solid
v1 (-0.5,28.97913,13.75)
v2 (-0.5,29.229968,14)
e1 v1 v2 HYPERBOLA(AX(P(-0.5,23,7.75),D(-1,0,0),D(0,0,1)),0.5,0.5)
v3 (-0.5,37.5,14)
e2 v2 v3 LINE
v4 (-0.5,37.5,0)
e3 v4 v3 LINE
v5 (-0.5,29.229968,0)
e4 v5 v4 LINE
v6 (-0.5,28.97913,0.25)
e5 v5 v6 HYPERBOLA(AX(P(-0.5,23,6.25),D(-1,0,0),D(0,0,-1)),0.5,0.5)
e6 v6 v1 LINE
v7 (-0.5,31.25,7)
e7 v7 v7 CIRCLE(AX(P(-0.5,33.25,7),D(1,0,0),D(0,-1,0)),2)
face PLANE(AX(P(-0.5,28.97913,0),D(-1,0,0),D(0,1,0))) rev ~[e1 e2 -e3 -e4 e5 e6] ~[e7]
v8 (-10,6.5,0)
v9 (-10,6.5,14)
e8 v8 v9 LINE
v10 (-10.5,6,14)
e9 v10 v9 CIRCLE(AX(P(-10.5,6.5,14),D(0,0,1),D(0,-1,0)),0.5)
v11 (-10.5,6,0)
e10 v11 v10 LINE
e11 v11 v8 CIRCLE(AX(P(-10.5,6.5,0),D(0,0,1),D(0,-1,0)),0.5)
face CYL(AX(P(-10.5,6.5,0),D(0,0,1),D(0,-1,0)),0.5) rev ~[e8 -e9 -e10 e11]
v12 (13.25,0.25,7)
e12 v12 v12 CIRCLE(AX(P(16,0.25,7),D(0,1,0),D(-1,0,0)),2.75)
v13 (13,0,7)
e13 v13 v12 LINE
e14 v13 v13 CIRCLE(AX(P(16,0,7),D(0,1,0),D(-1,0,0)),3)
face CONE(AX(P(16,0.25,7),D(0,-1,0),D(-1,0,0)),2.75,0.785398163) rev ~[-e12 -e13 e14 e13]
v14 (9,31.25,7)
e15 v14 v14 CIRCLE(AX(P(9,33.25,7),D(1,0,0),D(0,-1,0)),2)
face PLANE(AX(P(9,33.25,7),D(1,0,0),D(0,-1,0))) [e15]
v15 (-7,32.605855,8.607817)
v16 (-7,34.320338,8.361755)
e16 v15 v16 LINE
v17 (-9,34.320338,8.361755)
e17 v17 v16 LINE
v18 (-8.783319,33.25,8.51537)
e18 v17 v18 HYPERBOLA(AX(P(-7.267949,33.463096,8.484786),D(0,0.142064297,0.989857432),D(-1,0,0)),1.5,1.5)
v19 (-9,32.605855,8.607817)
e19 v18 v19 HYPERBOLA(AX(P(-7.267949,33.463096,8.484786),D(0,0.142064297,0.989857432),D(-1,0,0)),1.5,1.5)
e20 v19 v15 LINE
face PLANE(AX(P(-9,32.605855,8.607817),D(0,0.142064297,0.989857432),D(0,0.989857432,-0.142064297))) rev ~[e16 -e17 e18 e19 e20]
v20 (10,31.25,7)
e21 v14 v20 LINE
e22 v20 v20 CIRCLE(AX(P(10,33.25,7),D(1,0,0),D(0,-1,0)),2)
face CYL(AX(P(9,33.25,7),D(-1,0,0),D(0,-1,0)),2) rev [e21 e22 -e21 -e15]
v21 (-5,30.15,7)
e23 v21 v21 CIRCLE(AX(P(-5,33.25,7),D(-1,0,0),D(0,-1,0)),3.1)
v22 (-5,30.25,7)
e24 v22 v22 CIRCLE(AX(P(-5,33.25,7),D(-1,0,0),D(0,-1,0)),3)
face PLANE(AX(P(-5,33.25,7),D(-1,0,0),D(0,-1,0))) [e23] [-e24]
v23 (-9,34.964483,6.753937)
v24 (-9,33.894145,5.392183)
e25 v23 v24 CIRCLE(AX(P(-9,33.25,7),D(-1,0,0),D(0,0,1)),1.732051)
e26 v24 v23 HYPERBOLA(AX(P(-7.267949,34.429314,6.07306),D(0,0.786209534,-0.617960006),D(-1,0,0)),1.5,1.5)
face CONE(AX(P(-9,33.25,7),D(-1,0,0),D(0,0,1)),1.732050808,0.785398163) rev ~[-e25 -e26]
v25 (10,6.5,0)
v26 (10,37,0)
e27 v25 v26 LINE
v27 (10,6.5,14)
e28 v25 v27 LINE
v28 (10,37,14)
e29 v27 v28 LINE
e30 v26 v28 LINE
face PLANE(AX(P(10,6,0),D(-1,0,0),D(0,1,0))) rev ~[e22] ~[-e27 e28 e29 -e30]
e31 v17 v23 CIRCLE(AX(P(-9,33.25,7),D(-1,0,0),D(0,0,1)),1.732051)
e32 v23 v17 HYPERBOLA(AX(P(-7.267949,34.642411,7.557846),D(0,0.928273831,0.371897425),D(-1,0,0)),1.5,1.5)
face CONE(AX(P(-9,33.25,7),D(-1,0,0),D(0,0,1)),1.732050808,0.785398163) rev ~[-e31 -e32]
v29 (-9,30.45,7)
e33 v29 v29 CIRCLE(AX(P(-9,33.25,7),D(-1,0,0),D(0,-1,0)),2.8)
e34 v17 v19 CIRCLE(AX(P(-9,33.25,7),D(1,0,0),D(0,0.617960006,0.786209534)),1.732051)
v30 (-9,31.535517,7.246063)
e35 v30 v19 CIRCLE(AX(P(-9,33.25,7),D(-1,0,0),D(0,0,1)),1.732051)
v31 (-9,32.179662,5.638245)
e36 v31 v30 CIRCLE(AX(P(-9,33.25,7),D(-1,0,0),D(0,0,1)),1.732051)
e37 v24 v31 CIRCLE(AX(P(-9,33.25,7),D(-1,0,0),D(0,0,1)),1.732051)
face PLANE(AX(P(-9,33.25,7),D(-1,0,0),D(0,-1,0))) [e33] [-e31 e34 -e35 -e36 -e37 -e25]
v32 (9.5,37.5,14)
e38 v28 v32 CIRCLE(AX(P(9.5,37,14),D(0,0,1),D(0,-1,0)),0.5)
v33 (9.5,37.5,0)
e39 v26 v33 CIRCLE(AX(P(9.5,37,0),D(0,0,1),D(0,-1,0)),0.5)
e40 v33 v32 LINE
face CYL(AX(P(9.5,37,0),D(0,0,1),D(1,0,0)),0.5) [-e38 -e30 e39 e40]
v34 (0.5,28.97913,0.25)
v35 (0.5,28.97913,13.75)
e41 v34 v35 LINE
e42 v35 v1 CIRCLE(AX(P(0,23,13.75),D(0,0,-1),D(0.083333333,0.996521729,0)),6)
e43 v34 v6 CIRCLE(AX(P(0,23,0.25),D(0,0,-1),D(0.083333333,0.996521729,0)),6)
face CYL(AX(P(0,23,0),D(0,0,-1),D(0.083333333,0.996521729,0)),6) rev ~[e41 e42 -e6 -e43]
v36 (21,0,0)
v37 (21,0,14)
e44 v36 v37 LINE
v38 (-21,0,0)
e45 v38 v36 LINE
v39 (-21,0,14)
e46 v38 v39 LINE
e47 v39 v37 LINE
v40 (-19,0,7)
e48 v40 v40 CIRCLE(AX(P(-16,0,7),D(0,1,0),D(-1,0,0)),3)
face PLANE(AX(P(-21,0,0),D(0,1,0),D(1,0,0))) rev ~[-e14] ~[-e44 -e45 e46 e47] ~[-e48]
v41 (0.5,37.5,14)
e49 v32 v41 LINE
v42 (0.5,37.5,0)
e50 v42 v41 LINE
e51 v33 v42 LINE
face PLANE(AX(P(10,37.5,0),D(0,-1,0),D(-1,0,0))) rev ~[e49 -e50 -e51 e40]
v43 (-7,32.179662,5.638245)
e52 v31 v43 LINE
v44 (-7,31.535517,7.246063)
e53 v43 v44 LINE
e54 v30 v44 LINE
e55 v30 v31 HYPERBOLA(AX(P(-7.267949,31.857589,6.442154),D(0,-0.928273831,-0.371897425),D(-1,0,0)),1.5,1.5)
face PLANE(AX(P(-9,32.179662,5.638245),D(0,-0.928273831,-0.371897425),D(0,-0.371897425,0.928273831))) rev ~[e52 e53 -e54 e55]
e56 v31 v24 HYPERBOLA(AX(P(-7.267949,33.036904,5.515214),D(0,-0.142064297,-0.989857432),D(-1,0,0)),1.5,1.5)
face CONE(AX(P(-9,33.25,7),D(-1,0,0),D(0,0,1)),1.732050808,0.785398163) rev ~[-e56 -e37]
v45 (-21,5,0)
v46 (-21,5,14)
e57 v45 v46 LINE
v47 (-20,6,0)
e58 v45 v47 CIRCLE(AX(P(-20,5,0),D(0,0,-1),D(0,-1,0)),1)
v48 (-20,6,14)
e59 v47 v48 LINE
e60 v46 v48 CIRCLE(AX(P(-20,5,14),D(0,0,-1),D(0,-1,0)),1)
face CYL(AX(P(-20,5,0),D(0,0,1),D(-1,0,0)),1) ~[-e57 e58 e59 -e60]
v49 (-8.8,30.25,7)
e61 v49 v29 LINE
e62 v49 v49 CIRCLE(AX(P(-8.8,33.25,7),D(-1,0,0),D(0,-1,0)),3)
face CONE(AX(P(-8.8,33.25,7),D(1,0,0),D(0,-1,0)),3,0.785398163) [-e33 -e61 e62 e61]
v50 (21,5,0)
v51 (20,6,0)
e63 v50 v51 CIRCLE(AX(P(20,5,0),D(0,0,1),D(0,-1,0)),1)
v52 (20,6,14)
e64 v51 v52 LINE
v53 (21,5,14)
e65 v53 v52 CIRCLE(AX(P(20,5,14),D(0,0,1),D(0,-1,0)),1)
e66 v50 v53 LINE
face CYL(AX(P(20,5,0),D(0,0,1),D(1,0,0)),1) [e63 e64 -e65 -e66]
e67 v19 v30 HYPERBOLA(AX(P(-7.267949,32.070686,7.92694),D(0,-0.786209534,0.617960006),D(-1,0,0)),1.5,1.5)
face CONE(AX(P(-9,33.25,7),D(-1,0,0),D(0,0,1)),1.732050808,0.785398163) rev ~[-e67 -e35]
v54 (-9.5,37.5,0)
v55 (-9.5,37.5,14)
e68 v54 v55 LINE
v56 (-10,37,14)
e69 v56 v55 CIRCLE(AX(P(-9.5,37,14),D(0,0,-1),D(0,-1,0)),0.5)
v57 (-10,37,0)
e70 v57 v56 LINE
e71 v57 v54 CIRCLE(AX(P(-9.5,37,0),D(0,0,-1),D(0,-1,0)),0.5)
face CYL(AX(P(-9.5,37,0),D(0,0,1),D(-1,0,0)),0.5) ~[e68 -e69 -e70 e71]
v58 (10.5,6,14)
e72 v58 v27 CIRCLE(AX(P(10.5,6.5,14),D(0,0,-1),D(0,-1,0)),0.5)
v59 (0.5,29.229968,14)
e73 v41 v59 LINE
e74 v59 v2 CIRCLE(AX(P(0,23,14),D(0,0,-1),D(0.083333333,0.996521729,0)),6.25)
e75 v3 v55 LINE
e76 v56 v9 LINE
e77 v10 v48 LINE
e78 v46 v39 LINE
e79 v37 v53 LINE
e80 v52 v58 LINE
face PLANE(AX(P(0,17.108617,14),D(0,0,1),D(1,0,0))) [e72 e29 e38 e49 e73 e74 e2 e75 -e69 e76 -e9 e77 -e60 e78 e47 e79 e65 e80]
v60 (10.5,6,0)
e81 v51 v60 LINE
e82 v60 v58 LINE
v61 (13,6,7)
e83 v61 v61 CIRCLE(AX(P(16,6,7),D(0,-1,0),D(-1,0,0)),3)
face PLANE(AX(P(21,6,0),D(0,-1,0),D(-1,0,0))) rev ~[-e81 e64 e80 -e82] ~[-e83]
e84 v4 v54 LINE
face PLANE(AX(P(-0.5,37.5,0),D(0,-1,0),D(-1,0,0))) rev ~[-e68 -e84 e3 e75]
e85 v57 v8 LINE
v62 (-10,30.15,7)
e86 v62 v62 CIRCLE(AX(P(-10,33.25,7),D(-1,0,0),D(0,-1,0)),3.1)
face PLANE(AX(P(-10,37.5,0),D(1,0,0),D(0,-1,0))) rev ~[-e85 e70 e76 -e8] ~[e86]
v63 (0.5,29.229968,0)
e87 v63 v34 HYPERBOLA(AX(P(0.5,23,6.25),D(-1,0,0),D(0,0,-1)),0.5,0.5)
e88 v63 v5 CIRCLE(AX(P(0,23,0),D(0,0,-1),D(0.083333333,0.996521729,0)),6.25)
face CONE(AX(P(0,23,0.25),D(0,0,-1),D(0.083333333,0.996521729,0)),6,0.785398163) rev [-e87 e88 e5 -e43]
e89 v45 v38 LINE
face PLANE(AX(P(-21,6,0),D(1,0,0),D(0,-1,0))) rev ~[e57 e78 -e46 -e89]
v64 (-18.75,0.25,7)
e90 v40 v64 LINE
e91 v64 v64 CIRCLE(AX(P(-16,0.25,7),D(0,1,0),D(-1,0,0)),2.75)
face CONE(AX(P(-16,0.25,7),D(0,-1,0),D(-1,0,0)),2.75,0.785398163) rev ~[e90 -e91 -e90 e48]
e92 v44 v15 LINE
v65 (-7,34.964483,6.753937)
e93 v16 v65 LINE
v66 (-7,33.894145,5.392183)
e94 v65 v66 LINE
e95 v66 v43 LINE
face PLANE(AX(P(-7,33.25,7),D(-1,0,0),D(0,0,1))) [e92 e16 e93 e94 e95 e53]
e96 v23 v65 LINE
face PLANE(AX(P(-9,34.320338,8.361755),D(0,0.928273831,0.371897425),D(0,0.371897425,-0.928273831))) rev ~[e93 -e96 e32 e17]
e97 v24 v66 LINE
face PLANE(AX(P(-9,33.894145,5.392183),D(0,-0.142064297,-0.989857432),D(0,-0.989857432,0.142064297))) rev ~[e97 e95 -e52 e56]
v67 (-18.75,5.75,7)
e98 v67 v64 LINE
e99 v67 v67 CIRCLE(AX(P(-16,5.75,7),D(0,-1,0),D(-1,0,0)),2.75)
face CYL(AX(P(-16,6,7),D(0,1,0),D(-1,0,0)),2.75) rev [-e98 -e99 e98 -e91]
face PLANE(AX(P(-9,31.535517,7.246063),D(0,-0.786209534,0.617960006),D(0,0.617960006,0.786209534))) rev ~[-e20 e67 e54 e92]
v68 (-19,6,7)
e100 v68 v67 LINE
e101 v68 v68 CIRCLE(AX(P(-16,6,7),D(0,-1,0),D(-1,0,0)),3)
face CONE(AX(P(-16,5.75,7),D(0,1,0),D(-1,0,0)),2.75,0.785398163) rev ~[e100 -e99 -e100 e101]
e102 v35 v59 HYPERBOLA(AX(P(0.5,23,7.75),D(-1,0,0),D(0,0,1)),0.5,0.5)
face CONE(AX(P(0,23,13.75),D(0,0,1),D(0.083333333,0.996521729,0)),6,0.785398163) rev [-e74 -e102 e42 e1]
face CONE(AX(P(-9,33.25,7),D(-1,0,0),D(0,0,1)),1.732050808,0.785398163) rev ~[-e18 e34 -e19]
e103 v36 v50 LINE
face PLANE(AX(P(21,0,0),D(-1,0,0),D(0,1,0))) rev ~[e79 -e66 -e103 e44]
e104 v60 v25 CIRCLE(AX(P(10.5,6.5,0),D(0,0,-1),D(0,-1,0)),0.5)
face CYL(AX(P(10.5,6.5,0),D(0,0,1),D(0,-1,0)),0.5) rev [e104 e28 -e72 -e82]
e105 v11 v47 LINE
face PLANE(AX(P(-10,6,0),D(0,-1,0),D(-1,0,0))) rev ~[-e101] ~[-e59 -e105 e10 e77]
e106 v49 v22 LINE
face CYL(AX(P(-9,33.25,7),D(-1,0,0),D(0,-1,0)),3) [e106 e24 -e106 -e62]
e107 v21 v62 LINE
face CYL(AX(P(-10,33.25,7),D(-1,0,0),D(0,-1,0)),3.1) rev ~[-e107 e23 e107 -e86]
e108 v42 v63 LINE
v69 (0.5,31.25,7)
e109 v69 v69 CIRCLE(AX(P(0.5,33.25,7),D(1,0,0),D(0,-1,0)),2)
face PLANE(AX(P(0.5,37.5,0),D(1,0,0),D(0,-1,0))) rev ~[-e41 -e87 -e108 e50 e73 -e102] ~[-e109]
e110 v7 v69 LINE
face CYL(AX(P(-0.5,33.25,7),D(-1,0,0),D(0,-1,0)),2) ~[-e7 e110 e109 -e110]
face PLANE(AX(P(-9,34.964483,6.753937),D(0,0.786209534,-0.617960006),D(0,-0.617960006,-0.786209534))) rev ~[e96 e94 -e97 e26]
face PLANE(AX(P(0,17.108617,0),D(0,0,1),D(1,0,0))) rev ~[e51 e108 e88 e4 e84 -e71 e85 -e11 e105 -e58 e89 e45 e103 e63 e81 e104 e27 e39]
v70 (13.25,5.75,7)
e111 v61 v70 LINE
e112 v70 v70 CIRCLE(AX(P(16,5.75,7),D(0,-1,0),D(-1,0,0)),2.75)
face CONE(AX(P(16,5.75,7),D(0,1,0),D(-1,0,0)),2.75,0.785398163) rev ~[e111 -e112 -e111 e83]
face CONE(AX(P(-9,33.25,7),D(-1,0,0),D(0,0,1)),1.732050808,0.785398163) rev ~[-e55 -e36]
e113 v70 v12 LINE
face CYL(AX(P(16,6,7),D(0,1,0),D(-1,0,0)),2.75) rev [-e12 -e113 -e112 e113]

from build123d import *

# Parameters (mm, degrees)
BOSS_EXTRUDE1_DEPTH     = 14
CUT_EXTRUDE1_DEPTH      = 46.202322949
CUT_EXTRUDE1_DEPTH_BACK = 6
SKETCH3_R               = 2.75
FILLET1_R               = 1
FILLET2_R               = 0.5
CHAMFER1_SIZE           = 0.25
SKETCH4_R               = 3.1
CUT_EXTRUDE2_DEPTH      = 1
SKETCH5_R               = 3.1
SKETCH5_R_2             = 3
CUT_EXTRUDE3_DEPTH      = 4
CHAMFER2_SIZE           = 0.2
CUT_EXTRUDE4_DEPTH      = 2
SKETCH7_R               = 2
BOSS_EXTRUDE2_DEPTH     = 1
CUT_EXTRUDE5_START      = -1
SKETCH8_R               = 2
CUT_EXTRUDE5_DEPTH      = 1
SKETCH9_R               = 1.732050808
CUT_EXTRUDE6_DEPTH      = 1
CUT_EXTRUDE6_DRAFT      = -45


with BuildPart() as part:
    # Sketch1 → Boss-Extrude1 (new body)
    with BuildSketch(Plane.XY):
        with BuildLine():
            Line((-21, 0), (21, 0))
            Line((21, 0), (21, 6))
            Line((21, 6), (10, 6))
            Line((10, 6), (10, 37.5))
            Line((10, 37.5), (0.5, 37.5))
            Line((0.5, 37.5), (0.5, 28.979130372))
            ThreePointArc((0.5, 28.979130372), (0, 17), (-0.5, 28.979130372))
            Line((-0.5, 28.979130372), (-0.5, 37.5))
            Line((-0.5, 37.5), (-10, 37.5))
            Line((-10, 37.5), (-10, 6))
            Line((-10, 6), (-21, 6))
            Line((-21, 6), (-21, 0))
        make_face()
    extrude(amount=BOSS_EXTRUDE1_DEPTH)

    # Sketch3 → Cut-Extrude1 (cut, two sides: drawn at the far end of the back side and taken through both)
    with BuildSketch(Plane.XZ.offset(-CUT_EXTRUDE1_DEPTH_BACK)):
        with Locations(Location((-16, 7, 0), (0, 0, 180))):
            Circle(SKETCH3_R)
        with Locations(Location((16, 7, 0), (0, 0, 180))):
            Circle(SKETCH3_R)
    extrude(amount=CUT_EXTRUDE1_DEPTH + CUT_EXTRUDE1_DEPTH_BACK, mode=Mode.SUBTRACT)

    # Fillet1
    fillet1_edges = [part.edges().sort_by_distance(p)[0] for p in [
        (-21, 6, 7),
        (21, 6, 7),
    ]]
    fillet(fillet1_edges, radius=FILLET1_R)

    # Fillet2
    fillet2_edges = [part.edges().sort_by_distance(p)[0] for p in [
        (-10, 6, 7),
        (-10, 37.5, 7),
        (10, 37.5, 7),
        (10, 6, 7),
    ]]
    fillet(fillet2_edges, radius=FILLET2_R)

    # Chamfer1
    chamfer1_edges = [part.edges().sort_by_distance(p)[0] for p in [
        (0, 17, 0),
        (0, 17, 14),
        (18.75, 6, 7),
        (18.75, 0, 7),
        (-13.25, 6, 7),
        (-13.25, 0, 7),
    ]]
    chamfer(chamfer1_edges, length=CHAMFER1_SIZE)

    # Sketch4 → Cut-Extrude2 (cut)
    with BuildSketch(Plane.ZY.offset(10)):
        with Locations(Location((7, 33.25, 0), (0, 0, 270))):
            Circle(SKETCH4_R)
    extrude(amount=-CUT_EXTRUDE2_DEPTH, mode=Mode.SUBTRACT)

    # Sketch5 → Cut-Extrude3 (cut)
    with BuildSketch(Plane.ZY.offset(9)):
        with Locations(Location((7, 33.25, 0), (0, 0, 270))):
            Circle(SKETCH5_R)
        with Locations(Location((7, 33.25, 0), (0, 0, 270))):
            Circle(SKETCH5_R_2, mode=Mode.SUBTRACT)
    extrude(amount=-CUT_EXTRUDE3_DEPTH, mode=Mode.SUBTRACT)

    # Chamfer2
    chamfer2_edges = [part.edges().sort_by_distance(p)[0] for p in [
        (-9, 36.25, 7),
    ]]
    chamfer(chamfer2_edges, length=CHAMFER2_SIZE)

    # Sketch6 → Cut-Extrude4 (cut)
    with BuildSketch(Plane.ZY.offset(9)):
        Polygon((7.246062581, 31.535516636), (8.607817438, 32.605854763), (8.361754858, 34.320338128), (6.753937419, 34.964483364), (5.392182562, 33.894145237), (5.638245142, 32.179661872), align=None)
    extrude(amount=-CUT_EXTRUDE4_DEPTH, mode=Mode.SUBTRACT)

    # Sketch7 → Boss-Extrude2 (add)
    with BuildSketch(Plane(origin=(-0.5, 0, 0), x_dir=(0, 0, -1), z_dir=(1, 0, 0))):
        with Locations(Location((-7, 33.25, 0), (0, 0, 270))):
            Circle(SKETCH7_R)
    extrude(amount=BOSS_EXTRUDE2_DEPTH)

    # Sketch8 → Cut-Extrude5 (cut)
    with BuildSketch(Plane(origin=(10, 0, 0), x_dir=(0, 0, -1), z_dir=(1, 0, 0)).offset(CUT_EXTRUDE5_START)):
        with Locations(Location((-7, 33.25, 0), (0, 0, 270))):
            Circle(SKETCH8_R)
    extrude(amount=CUT_EXTRUDE5_DEPTH, mode=Mode.SUBTRACT)


with BuildPart() as cut_extrude6_tool:
    # Sketch9 → Cut-Extrude6 (with draft: the straight prism first)
    with BuildSketch(Plane.ZY.offset(9)):
        with Locations((7, 33.25)):
            Circle(SKETCH9_R)
    extrude(amount=-CUT_EXTRUDE6_DEPTH)
    # Cut-Extrude6: the draft: its side faces are tilted about the plane it starts from
    cut_extrude6_sides = [cut_extrude6_tool.faces().sort_by_distance(p)[0] for p in [
        (-8.5, 33.25, 5.267949192),
    ]]
    draft(cut_extrude6_sides, Plane.ZY.offset(9), CUT_EXTRUDE6_DRAFT)


with BuildPart() as part_1:
    add(part.part)

    # Cut-Extrude6: cut by cut_extrude6_tool
    add(cut_extrude6_tool.part, mode=Mode.SUBTRACT)


solid = part_1.part
